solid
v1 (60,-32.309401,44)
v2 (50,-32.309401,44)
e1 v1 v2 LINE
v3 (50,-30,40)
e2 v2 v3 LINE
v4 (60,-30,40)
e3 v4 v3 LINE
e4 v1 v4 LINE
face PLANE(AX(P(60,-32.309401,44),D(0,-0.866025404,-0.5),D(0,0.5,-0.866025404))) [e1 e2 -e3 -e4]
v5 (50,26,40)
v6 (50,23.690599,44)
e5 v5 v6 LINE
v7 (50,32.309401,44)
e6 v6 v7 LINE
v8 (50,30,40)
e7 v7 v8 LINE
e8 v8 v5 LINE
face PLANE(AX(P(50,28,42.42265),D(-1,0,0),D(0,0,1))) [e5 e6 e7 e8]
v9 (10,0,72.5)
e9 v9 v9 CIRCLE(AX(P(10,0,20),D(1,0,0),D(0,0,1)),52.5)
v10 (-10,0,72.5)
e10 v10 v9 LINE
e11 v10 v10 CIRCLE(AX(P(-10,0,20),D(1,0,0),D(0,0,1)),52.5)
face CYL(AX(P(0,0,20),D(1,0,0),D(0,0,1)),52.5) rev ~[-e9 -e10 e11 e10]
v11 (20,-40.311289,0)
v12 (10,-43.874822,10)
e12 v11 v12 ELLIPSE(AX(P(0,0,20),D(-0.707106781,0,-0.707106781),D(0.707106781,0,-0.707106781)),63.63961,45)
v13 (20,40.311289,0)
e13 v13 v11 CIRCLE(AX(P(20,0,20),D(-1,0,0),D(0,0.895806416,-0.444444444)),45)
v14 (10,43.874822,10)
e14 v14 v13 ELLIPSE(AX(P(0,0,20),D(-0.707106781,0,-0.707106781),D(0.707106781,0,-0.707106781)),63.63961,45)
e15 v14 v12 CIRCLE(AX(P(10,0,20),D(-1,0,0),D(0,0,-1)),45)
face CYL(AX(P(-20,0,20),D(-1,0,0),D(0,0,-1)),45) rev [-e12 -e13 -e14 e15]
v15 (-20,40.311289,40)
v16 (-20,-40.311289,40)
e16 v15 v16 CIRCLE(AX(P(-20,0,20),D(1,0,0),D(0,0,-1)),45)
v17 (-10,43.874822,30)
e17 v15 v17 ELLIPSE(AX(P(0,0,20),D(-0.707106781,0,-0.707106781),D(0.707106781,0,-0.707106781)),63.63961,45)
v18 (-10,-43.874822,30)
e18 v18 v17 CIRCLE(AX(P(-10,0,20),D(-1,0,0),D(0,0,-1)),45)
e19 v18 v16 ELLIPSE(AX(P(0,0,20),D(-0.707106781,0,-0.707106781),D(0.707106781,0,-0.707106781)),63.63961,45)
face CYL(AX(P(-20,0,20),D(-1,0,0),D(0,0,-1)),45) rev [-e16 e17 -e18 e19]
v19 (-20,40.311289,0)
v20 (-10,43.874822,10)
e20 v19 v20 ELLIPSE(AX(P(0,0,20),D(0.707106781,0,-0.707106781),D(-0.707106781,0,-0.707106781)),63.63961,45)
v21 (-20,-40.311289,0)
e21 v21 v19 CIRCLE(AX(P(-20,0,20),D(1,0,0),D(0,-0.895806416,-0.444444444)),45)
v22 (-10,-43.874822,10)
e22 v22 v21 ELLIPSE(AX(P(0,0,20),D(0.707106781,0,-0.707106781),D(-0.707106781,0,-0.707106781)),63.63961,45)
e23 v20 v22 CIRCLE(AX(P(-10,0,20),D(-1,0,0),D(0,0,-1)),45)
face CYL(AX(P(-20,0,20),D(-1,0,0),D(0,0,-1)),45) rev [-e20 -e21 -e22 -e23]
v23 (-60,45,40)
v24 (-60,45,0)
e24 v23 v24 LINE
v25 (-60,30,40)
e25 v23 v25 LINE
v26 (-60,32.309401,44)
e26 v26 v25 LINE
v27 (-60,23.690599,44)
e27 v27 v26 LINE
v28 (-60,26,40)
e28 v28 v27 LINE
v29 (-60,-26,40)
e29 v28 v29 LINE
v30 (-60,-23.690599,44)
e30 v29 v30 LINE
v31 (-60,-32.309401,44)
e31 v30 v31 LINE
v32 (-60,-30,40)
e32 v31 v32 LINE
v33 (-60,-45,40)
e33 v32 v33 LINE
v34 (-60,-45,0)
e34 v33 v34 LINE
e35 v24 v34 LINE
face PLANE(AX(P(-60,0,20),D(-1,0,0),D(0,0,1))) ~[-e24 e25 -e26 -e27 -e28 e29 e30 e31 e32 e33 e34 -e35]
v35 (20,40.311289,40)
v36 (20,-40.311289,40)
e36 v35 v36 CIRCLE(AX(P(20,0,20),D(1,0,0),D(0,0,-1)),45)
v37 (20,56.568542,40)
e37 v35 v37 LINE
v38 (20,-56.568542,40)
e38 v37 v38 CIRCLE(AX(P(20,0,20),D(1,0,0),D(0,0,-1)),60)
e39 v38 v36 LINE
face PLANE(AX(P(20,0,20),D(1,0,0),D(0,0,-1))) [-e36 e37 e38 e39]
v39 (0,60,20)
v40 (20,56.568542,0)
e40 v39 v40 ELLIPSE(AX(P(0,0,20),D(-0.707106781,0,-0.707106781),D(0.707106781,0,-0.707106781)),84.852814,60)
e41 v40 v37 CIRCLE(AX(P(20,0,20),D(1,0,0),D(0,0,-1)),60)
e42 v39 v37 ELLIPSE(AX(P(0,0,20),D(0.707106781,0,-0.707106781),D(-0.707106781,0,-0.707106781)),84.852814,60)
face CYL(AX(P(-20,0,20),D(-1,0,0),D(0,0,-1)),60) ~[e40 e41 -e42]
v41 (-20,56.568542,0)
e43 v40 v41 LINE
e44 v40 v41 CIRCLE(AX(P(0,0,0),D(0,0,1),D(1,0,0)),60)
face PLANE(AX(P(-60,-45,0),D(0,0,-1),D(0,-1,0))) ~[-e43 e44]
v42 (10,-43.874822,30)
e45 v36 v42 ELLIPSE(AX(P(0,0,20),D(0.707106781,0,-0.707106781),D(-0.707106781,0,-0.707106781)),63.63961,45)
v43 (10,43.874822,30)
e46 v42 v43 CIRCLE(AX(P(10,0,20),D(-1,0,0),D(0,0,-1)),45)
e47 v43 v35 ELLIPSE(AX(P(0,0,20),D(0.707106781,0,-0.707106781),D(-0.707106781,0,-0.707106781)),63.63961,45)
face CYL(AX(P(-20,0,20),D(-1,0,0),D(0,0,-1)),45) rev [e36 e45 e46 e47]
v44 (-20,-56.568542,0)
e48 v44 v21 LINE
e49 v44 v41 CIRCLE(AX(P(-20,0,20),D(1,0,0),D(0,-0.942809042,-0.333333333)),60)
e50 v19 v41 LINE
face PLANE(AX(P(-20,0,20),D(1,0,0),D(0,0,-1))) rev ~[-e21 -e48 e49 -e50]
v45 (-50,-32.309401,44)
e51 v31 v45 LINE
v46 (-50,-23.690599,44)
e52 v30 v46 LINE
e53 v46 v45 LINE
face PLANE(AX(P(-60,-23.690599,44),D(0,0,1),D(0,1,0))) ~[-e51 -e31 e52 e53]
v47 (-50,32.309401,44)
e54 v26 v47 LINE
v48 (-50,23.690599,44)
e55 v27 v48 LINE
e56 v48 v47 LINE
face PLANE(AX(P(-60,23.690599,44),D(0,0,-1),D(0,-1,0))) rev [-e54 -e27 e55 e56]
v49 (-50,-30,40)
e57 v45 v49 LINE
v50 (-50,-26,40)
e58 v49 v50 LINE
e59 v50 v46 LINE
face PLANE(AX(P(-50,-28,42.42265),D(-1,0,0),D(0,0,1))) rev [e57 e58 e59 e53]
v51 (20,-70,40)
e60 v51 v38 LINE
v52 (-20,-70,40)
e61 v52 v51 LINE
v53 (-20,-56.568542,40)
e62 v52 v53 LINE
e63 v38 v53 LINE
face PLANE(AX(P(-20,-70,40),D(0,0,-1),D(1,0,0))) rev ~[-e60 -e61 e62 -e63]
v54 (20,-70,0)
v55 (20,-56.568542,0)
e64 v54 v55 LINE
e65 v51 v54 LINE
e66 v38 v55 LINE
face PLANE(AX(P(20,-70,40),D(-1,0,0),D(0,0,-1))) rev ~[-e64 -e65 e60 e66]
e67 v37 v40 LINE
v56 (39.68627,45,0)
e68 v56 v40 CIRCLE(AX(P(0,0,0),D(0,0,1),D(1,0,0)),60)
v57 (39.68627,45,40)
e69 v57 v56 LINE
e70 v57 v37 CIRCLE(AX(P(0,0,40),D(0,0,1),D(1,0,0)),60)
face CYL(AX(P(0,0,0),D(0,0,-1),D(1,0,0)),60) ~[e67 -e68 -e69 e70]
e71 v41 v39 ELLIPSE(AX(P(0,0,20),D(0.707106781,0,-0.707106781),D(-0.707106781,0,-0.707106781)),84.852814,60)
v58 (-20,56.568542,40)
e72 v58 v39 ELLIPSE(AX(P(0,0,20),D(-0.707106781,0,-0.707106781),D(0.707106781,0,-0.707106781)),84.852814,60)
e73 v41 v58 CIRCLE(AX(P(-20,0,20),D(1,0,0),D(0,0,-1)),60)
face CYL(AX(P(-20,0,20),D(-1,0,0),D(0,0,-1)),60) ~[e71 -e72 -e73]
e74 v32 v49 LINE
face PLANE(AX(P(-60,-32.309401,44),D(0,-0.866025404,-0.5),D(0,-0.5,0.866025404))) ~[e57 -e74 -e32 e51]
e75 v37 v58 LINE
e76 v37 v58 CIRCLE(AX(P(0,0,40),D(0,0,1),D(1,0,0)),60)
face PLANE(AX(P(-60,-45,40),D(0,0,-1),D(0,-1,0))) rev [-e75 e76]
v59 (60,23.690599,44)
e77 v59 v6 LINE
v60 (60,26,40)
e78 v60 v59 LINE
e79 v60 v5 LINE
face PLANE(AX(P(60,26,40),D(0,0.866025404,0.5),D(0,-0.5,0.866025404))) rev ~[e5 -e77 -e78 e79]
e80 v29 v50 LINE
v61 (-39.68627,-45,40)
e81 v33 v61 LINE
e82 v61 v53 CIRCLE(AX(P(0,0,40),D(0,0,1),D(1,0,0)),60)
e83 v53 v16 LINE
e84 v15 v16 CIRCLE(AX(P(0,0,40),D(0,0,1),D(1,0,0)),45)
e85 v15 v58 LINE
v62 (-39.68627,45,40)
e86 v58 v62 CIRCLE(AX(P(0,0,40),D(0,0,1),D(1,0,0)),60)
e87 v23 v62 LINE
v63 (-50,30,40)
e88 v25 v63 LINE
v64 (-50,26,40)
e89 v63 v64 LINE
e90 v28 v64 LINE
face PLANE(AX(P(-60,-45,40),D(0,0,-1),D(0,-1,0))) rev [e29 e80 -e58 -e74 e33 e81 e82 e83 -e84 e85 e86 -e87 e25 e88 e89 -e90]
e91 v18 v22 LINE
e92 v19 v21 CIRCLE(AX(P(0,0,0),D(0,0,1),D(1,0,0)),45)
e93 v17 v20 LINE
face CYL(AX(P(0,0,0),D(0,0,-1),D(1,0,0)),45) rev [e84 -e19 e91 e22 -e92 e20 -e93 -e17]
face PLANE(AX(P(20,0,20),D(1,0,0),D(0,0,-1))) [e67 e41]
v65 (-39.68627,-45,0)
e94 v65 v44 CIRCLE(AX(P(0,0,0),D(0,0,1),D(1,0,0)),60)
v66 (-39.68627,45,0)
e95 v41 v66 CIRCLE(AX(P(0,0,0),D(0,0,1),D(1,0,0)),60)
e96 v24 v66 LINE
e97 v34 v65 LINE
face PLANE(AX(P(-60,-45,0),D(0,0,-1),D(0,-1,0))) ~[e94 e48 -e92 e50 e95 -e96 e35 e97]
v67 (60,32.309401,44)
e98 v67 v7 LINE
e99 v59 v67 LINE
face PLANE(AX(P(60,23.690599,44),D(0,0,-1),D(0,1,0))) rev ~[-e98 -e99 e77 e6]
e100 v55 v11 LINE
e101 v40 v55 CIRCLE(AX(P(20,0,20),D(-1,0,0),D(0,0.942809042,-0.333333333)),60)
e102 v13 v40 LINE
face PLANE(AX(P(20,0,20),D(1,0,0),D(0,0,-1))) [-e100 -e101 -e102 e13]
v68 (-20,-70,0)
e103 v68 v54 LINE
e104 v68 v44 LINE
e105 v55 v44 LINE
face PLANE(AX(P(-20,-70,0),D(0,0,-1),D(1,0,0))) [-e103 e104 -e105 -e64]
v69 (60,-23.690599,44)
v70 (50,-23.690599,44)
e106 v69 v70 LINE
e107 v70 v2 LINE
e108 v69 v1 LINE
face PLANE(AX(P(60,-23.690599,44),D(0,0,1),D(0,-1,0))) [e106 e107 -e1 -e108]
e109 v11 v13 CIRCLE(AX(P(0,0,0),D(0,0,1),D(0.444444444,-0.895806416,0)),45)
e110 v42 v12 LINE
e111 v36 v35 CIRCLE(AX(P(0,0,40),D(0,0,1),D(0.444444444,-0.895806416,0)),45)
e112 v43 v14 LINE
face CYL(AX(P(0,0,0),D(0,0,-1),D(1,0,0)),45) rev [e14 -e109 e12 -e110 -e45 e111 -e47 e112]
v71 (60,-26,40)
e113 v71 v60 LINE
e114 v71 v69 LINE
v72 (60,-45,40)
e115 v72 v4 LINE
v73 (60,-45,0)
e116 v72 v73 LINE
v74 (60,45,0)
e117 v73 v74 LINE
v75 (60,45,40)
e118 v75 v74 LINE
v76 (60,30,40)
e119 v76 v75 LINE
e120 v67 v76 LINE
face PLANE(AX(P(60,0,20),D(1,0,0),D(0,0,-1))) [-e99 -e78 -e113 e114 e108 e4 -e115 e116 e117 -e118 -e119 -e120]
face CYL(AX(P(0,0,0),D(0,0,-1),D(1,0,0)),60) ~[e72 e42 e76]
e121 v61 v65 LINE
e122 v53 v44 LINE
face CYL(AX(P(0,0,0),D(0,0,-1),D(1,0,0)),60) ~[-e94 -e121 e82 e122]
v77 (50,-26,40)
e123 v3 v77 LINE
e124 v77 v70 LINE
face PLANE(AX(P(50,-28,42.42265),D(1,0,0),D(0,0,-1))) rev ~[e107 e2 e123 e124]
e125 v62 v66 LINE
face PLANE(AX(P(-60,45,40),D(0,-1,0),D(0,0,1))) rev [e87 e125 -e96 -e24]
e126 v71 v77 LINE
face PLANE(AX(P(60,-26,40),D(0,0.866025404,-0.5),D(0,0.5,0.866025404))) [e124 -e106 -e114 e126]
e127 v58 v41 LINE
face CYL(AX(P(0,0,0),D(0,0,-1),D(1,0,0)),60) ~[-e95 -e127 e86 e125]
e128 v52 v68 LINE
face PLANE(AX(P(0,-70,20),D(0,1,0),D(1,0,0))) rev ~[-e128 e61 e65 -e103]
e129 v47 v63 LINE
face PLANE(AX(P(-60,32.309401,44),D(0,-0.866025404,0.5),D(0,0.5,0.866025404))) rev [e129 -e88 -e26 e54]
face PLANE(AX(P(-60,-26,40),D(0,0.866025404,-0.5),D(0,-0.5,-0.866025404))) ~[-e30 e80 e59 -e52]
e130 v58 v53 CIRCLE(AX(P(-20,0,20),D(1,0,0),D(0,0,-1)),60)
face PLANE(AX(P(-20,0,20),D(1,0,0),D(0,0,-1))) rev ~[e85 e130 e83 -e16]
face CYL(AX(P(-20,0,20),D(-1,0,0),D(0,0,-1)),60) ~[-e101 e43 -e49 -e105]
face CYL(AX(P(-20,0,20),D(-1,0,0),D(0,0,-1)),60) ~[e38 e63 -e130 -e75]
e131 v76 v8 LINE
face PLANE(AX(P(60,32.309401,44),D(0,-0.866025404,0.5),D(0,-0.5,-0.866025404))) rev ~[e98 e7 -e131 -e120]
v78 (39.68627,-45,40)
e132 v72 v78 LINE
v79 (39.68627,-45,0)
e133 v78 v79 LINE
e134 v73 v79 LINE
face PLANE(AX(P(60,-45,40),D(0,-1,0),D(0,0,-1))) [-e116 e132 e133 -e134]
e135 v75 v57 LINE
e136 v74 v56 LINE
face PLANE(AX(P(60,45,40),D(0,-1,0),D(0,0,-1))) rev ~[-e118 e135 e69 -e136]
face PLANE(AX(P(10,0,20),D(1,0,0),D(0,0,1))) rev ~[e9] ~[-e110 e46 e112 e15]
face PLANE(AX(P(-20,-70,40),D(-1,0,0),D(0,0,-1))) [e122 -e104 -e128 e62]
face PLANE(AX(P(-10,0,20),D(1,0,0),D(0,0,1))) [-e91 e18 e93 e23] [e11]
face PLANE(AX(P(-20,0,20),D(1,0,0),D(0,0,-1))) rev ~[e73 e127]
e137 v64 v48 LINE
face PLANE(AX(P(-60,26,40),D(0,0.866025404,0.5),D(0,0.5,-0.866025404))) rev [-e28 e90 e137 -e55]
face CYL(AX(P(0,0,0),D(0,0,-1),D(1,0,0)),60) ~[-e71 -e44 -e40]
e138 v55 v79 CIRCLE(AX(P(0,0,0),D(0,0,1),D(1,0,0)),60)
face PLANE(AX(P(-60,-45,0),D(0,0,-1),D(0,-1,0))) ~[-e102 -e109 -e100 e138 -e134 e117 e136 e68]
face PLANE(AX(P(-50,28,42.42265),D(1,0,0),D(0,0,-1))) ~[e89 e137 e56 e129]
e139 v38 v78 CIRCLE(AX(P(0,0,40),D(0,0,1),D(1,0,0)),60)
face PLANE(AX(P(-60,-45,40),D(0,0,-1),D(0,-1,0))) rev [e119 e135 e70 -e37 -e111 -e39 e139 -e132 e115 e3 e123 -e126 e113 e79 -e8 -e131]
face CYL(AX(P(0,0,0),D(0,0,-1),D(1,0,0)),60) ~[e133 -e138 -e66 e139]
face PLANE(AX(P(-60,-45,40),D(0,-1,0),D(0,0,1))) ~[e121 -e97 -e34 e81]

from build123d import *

# Parameters (mm, degrees)
ESQUISSE1_R                  = 60
ESQUISSE1_R_2                = 45
BOSS_EXTRU_1_DEPTH           = 40
BOSS_EXTRU_3_REACH           = 142
BOSS_EXTRU_3_END_RADIUS      = 60
ESQUISSE5_W                  = 40
ESQUISSE5_H                  = 90
BOSS_EXTRU_4_DEPTH           = 10
R_P_TITION_CIRCULAIRE1_COUNT = 2
R_P_TITION_CIRCULAIRE1_ANGLE = 90
ESQUISSE11_W                 = 20
ESQUISSE11_H                 = 15
BOSS_EXTRU_7_REACH           = 166.012
ESQUISSE17_W                 = 40
ESQUISSE17_H                 = 40


with BuildPart() as part:
    # Esquisse1 → Boss.-Extru.1 (new body)
    with BuildSketch(Plane.XY):
        Circle(ESQUISSE1_R)
        Circle(ESQUISSE1_R_2, mode=Mode.SUBTRACT)
    boss_extru_1 = extrude(amount=BOSS_EXTRU_1_DEPTH)

    # Boss.-Extru.3: up to this cylinder (the profile starts outside it)
    boss_extru_3_end = Plane(origin=(0, 0, 20), z_dir=(0, 0, -1)) * Cylinder(BOSS_EXTRU_3_END_RADIUS, 405, mode=Mode.PRIVATE)
    # Esquisse5 → Boss.-Extru.3 (add, up to the surface)
    with BuildSketch(Plane(origin=(60, 0, 0), x_dir=(0, 0, -1), z_dir=(1, 0, 0)), mode=Mode.PRIVATE) as boss_extru_3_sk1:
        with Locations((-20, 0)):
            Rectangle(ESQUISSE5_W, ESQUISSE5_H)
    boss_extru_3_tool1 = extrude(boss_extru_3_sk1.sketch, amount=-BOSS_EXTRU_3_REACH, mode=Mode.PRIVATE) - boss_extru_3_end
    boss_extru_3 = boss_extru_3_tool1.solids().sort_by_distance((60, 0, 20))[0] + boss_extru_3_tool1.solids().sort_by_distance((60, 0, 20))[1]
    add(boss_extru_3)

    # Symétrie2: Boss.-Extru.3 across plane
    add(boss_extru_3.mirror(Plane(origin=(0, 0, 0), x_dir=(0, 0, 1), z_dir=(1, 0, 0))))

    # Esquisse7 → Boss.-Extru.4 (add)
    with BuildSketch(Plane(origin=(60, 0, 0), x_dir=(0, 0, -1), z_dir=(1, 0, 0))):
        Polygon((-40, 30), (-40, 26), (-44, 23.690598923), (-44, 32.309401077), align=None)
        Polygon((-44, -32.309401077), (-40, -30), (-40, -26), (-44, -23.690598923), align=None)
    boss_extru_4 = extrude(amount=-BOSS_EXTRU_4_DEPTH)

    # Symétrie3: Boss.-Extru.4 across plane
    add(boss_extru_4.mirror(Plane(origin=(0, 0, 0), x_dir=(0, 0, 1), z_dir=(1, 0, 0))))

    # Répétition circulaire1: Boss.-Extru.1 ×2 about axis
    r_p_tition_circulaire1_axis = Axis((0, -67.301071144, 20), (0, 1, 0))
    for i in range(1, R_P_TITION_CIRCULAIRE1_COUNT):
        add(boss_extru_1.rotate(r_p_tition_circulaire1_axis, i * R_P_TITION_CIRCULAIRE1_ANGLE / (R_P_TITION_CIRCULAIRE1_COUNT - 1)))

    # Esquisse11 → Enlèvement de matière-Révolution3 (revolve, cut)
    with BuildSketch(Plane.XY.offset(20), mode=Mode.PRIVATE) as enl_vement_de_mati_re_r_volution3_sk:
        with Locations((0, -45)):
            Rectangle(ESQUISSE11_W, ESQUISSE11_H)
    revolve(enl_vement_de_mati_re_r_volution3_sk.sketch.rotate(Axis((-20, 0, 20), (1, 0, 0)), 270), axis=Axis((-20, 0, 20), (1, 0, 0)), mode=Mode.SUBTRACT)

    # Esquisse17 → Boss.-Extru.7 (add, up to next)
    with BuildSketch(Plane(origin=(0, -70, 0), x_dir=(1, 0, 0), z_dir=(0, 1, 0)), mode=Mode.PRIVATE) as boss_extru_7_sk1:
        with Locations((0, -20)):
            Rectangle(ESQUISSE17_W, ESQUISSE17_H)
    boss_extru_7_tool1 = extrude(boss_extru_7_sk1.sketch, amount=BOSS_EXTRU_7_REACH, mode=Mode.PRIVATE) - part.part
    add(boss_extru_7_tool1.solids().sort_by_distance((0, -70, 20))[0])


solid = part.part
